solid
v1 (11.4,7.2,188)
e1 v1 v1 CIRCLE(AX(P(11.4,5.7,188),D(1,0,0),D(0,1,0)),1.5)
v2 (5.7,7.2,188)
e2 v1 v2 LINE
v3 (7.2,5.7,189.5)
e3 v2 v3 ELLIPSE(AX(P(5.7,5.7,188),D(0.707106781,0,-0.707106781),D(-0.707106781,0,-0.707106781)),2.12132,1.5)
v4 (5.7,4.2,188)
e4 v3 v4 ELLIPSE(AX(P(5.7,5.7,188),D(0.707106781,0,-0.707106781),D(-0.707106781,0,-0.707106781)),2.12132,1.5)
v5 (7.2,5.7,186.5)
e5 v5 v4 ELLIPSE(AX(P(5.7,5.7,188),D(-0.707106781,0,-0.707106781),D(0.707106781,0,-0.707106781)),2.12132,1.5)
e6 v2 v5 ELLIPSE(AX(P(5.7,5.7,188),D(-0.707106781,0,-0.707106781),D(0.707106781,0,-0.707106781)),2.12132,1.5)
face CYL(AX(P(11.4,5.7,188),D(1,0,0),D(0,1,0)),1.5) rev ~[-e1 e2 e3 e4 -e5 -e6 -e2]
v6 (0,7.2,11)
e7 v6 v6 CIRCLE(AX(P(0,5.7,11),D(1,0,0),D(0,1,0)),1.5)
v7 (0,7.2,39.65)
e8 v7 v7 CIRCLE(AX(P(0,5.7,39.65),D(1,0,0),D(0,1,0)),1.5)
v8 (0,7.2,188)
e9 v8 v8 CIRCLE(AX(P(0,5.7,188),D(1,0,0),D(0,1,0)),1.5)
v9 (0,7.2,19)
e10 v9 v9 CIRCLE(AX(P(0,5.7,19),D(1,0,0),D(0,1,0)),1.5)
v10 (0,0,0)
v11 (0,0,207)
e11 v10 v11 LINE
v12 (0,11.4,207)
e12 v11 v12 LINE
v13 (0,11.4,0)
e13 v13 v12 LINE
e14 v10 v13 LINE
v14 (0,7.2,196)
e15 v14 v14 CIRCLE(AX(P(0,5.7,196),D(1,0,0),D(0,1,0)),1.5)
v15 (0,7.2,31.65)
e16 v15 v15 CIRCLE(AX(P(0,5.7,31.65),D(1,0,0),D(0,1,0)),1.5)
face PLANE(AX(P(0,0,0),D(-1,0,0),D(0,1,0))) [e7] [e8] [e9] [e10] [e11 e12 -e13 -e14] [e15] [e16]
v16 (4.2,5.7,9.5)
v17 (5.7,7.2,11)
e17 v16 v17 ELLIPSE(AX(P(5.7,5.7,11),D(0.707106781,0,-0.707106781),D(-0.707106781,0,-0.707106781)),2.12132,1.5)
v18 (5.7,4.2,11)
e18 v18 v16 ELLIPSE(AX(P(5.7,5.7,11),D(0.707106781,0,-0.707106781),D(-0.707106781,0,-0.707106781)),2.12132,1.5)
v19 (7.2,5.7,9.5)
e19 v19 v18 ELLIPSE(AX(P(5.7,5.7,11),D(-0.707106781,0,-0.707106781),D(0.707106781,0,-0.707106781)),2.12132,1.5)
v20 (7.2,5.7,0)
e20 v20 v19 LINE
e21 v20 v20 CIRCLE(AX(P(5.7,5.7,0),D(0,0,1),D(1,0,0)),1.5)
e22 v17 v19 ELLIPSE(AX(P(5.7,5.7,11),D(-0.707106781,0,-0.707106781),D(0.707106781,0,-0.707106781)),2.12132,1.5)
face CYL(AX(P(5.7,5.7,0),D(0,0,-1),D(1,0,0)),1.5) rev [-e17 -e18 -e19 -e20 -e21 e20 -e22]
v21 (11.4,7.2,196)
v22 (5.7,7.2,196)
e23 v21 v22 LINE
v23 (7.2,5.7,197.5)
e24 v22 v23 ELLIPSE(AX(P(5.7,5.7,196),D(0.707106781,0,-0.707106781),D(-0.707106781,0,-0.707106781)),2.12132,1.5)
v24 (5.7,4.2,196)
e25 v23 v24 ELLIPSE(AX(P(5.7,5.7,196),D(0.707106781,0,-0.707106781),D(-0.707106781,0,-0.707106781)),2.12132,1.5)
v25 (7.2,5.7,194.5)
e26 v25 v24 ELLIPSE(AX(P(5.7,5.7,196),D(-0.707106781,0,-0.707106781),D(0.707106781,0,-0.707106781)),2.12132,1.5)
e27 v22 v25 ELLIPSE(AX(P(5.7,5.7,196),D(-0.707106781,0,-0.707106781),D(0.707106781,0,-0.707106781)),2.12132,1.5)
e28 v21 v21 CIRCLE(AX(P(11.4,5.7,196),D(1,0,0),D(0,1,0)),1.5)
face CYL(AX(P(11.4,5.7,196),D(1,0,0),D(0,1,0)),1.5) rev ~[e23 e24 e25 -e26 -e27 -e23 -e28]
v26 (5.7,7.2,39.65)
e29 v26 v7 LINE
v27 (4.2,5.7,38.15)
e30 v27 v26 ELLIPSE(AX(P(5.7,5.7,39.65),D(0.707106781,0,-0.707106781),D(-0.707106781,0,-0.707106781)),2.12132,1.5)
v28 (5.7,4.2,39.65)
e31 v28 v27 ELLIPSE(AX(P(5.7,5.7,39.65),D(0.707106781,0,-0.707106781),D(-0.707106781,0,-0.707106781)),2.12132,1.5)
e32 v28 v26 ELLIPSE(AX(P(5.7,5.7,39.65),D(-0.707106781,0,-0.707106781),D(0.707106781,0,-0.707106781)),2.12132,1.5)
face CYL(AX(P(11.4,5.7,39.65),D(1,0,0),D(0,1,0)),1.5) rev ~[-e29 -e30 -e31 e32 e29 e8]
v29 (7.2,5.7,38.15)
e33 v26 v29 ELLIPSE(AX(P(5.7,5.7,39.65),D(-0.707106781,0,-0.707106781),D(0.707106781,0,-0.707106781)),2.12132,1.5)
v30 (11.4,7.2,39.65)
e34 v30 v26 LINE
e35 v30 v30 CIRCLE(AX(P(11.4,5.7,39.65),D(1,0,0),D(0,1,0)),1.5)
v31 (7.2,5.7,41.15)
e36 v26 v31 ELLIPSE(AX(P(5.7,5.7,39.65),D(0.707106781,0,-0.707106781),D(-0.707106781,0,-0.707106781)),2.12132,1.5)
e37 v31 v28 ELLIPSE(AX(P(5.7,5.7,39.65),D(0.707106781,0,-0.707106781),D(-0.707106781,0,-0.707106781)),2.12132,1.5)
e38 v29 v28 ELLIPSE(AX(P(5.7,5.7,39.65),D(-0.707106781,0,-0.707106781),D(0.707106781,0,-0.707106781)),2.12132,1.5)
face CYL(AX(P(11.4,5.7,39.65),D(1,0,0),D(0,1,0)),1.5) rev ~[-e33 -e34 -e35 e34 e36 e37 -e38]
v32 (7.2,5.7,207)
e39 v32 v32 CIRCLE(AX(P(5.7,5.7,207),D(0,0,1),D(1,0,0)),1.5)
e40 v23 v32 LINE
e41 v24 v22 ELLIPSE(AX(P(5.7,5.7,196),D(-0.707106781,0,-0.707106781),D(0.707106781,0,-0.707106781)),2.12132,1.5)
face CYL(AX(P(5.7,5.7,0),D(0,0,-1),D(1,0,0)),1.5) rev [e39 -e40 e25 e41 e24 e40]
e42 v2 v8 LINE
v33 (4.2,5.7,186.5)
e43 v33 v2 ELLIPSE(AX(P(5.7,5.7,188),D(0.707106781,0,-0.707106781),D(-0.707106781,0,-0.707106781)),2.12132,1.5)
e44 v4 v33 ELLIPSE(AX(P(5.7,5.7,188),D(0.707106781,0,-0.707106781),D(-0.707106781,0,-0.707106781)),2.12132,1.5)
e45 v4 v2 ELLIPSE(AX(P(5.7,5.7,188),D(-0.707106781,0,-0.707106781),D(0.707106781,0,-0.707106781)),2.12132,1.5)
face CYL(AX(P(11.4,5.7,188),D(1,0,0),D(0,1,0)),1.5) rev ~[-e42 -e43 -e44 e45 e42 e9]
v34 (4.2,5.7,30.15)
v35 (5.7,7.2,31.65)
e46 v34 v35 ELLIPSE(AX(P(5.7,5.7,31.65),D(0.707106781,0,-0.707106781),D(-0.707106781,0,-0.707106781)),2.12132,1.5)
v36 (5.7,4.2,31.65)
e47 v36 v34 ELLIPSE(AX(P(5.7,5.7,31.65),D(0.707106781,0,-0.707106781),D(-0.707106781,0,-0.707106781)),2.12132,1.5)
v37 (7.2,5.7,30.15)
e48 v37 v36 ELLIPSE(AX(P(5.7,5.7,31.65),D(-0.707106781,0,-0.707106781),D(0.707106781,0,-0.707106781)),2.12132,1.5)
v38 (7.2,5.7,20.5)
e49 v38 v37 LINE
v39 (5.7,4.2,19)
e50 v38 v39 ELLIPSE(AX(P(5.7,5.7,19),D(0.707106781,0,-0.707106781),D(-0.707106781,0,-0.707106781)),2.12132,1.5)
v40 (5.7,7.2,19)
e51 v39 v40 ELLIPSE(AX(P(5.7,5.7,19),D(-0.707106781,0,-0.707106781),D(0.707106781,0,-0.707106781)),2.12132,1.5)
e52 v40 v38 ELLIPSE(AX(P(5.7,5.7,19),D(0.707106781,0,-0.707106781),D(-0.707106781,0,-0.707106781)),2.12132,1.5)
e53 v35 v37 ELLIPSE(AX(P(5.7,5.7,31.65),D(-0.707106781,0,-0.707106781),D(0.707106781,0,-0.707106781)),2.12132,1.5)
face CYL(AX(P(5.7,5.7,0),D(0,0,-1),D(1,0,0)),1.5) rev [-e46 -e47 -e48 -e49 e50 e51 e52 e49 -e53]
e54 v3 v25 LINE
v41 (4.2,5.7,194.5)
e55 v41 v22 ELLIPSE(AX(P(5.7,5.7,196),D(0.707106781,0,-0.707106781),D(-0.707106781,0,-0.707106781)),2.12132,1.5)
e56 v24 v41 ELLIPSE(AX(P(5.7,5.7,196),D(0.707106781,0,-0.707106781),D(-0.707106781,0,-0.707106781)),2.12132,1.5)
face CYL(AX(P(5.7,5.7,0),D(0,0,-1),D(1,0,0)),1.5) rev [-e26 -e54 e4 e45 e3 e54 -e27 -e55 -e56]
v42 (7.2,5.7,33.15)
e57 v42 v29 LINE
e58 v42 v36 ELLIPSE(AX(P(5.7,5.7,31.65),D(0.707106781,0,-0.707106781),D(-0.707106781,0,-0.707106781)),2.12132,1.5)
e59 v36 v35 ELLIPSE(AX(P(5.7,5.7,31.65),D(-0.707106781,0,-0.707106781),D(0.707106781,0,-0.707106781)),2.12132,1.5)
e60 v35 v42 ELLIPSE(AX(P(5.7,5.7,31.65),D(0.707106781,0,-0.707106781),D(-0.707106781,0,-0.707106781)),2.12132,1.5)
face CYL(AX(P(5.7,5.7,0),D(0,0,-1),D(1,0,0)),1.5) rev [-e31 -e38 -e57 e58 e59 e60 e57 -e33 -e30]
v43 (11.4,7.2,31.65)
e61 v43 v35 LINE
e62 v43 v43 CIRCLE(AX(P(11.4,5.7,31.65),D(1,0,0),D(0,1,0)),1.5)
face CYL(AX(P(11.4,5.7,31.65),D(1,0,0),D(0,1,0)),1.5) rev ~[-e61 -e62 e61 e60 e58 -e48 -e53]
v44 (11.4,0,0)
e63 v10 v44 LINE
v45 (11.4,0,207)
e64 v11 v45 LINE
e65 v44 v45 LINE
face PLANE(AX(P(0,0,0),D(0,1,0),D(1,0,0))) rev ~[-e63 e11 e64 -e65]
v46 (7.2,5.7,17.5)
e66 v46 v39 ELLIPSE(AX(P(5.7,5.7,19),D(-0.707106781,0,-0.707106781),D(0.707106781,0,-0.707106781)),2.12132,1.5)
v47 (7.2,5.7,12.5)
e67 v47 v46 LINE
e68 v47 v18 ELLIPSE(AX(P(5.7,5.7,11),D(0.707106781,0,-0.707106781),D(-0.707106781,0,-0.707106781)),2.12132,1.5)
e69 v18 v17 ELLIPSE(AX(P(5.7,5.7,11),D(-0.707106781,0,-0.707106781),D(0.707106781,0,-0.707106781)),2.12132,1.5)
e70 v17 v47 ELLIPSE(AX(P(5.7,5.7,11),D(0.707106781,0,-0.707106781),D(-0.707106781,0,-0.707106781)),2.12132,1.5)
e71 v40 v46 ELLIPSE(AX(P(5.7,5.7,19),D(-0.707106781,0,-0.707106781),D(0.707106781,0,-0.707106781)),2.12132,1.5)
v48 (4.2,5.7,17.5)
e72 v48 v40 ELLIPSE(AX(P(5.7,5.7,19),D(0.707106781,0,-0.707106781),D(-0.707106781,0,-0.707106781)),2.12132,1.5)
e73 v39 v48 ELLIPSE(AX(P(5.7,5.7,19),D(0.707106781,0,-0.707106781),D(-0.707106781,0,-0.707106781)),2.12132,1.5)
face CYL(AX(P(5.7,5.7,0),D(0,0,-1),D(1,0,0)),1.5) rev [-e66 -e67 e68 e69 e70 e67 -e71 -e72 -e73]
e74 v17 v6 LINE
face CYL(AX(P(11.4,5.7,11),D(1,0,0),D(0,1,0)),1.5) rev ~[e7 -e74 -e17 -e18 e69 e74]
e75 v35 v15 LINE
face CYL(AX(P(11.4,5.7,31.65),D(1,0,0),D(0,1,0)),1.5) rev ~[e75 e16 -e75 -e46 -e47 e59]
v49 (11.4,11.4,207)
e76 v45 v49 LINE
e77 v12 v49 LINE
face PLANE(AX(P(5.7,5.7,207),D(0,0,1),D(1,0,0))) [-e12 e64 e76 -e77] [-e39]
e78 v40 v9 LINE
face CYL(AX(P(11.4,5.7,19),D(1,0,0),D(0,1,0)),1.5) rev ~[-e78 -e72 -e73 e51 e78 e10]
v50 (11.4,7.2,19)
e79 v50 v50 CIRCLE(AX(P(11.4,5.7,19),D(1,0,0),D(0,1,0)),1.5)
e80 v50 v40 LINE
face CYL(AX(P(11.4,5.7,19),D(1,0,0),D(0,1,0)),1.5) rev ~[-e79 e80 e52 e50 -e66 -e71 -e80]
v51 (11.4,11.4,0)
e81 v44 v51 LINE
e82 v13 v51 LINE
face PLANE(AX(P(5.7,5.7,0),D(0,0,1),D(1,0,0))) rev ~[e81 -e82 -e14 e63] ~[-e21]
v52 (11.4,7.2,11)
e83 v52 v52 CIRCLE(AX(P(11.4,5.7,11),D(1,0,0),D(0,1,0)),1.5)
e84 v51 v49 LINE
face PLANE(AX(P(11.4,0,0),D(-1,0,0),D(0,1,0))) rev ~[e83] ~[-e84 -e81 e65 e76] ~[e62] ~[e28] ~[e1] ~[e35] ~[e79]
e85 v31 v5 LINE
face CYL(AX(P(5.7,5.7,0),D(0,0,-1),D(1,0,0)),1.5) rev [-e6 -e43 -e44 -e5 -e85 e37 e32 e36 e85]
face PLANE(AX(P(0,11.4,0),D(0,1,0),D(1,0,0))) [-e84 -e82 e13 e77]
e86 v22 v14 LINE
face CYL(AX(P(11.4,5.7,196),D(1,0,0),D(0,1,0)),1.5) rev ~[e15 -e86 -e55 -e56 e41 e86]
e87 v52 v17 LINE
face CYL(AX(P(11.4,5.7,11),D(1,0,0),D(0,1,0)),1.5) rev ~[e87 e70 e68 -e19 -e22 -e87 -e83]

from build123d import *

# Parameters (mm, degrees)
SKETCH_W     = 11.4
SKETCH_H     = 11.4
SKETCH_R     = 1.5
PAD_DEPTH    = 207
SKETCH001_R  = 1.5
POCKET_DEPTH = 11.401


with BuildPart() as part:
    # Sketch → Pad (new body)
    with BuildSketch(Plane.XY):
        with Locations((5.7, 5.7)):
            Rectangle(SKETCH_W, SKETCH_H)
        with Locations((5.7, 5.7)):
            Circle(SKETCH_R, mode=Mode.SUBTRACT)
    extrude(amount=PAD_DEPTH)

    # Sketch001 → Pocket (cut, through all)
    with BuildSketch(Plane.YZ.offset(11.4)):
        with Locations((5.7, 39.65)):
            Circle(SKETCH001_R)
        with Locations((5.7, 31.65)):
            Circle(SKETCH001_R)
        with Locations((5.7, 19)):
            Circle(SKETCH001_R)
        with Locations((5.7, 11)):
            Circle(SKETCH001_R)
        with Locations((5.7, 196)):
            Circle(SKETCH001_R)
        with Locations((5.7, 188)):
            Circle(SKETCH001_R)
    extrude(amount=-POCKET_DEPTH, mode=Mode.SUBTRACT)


solid = part.part
